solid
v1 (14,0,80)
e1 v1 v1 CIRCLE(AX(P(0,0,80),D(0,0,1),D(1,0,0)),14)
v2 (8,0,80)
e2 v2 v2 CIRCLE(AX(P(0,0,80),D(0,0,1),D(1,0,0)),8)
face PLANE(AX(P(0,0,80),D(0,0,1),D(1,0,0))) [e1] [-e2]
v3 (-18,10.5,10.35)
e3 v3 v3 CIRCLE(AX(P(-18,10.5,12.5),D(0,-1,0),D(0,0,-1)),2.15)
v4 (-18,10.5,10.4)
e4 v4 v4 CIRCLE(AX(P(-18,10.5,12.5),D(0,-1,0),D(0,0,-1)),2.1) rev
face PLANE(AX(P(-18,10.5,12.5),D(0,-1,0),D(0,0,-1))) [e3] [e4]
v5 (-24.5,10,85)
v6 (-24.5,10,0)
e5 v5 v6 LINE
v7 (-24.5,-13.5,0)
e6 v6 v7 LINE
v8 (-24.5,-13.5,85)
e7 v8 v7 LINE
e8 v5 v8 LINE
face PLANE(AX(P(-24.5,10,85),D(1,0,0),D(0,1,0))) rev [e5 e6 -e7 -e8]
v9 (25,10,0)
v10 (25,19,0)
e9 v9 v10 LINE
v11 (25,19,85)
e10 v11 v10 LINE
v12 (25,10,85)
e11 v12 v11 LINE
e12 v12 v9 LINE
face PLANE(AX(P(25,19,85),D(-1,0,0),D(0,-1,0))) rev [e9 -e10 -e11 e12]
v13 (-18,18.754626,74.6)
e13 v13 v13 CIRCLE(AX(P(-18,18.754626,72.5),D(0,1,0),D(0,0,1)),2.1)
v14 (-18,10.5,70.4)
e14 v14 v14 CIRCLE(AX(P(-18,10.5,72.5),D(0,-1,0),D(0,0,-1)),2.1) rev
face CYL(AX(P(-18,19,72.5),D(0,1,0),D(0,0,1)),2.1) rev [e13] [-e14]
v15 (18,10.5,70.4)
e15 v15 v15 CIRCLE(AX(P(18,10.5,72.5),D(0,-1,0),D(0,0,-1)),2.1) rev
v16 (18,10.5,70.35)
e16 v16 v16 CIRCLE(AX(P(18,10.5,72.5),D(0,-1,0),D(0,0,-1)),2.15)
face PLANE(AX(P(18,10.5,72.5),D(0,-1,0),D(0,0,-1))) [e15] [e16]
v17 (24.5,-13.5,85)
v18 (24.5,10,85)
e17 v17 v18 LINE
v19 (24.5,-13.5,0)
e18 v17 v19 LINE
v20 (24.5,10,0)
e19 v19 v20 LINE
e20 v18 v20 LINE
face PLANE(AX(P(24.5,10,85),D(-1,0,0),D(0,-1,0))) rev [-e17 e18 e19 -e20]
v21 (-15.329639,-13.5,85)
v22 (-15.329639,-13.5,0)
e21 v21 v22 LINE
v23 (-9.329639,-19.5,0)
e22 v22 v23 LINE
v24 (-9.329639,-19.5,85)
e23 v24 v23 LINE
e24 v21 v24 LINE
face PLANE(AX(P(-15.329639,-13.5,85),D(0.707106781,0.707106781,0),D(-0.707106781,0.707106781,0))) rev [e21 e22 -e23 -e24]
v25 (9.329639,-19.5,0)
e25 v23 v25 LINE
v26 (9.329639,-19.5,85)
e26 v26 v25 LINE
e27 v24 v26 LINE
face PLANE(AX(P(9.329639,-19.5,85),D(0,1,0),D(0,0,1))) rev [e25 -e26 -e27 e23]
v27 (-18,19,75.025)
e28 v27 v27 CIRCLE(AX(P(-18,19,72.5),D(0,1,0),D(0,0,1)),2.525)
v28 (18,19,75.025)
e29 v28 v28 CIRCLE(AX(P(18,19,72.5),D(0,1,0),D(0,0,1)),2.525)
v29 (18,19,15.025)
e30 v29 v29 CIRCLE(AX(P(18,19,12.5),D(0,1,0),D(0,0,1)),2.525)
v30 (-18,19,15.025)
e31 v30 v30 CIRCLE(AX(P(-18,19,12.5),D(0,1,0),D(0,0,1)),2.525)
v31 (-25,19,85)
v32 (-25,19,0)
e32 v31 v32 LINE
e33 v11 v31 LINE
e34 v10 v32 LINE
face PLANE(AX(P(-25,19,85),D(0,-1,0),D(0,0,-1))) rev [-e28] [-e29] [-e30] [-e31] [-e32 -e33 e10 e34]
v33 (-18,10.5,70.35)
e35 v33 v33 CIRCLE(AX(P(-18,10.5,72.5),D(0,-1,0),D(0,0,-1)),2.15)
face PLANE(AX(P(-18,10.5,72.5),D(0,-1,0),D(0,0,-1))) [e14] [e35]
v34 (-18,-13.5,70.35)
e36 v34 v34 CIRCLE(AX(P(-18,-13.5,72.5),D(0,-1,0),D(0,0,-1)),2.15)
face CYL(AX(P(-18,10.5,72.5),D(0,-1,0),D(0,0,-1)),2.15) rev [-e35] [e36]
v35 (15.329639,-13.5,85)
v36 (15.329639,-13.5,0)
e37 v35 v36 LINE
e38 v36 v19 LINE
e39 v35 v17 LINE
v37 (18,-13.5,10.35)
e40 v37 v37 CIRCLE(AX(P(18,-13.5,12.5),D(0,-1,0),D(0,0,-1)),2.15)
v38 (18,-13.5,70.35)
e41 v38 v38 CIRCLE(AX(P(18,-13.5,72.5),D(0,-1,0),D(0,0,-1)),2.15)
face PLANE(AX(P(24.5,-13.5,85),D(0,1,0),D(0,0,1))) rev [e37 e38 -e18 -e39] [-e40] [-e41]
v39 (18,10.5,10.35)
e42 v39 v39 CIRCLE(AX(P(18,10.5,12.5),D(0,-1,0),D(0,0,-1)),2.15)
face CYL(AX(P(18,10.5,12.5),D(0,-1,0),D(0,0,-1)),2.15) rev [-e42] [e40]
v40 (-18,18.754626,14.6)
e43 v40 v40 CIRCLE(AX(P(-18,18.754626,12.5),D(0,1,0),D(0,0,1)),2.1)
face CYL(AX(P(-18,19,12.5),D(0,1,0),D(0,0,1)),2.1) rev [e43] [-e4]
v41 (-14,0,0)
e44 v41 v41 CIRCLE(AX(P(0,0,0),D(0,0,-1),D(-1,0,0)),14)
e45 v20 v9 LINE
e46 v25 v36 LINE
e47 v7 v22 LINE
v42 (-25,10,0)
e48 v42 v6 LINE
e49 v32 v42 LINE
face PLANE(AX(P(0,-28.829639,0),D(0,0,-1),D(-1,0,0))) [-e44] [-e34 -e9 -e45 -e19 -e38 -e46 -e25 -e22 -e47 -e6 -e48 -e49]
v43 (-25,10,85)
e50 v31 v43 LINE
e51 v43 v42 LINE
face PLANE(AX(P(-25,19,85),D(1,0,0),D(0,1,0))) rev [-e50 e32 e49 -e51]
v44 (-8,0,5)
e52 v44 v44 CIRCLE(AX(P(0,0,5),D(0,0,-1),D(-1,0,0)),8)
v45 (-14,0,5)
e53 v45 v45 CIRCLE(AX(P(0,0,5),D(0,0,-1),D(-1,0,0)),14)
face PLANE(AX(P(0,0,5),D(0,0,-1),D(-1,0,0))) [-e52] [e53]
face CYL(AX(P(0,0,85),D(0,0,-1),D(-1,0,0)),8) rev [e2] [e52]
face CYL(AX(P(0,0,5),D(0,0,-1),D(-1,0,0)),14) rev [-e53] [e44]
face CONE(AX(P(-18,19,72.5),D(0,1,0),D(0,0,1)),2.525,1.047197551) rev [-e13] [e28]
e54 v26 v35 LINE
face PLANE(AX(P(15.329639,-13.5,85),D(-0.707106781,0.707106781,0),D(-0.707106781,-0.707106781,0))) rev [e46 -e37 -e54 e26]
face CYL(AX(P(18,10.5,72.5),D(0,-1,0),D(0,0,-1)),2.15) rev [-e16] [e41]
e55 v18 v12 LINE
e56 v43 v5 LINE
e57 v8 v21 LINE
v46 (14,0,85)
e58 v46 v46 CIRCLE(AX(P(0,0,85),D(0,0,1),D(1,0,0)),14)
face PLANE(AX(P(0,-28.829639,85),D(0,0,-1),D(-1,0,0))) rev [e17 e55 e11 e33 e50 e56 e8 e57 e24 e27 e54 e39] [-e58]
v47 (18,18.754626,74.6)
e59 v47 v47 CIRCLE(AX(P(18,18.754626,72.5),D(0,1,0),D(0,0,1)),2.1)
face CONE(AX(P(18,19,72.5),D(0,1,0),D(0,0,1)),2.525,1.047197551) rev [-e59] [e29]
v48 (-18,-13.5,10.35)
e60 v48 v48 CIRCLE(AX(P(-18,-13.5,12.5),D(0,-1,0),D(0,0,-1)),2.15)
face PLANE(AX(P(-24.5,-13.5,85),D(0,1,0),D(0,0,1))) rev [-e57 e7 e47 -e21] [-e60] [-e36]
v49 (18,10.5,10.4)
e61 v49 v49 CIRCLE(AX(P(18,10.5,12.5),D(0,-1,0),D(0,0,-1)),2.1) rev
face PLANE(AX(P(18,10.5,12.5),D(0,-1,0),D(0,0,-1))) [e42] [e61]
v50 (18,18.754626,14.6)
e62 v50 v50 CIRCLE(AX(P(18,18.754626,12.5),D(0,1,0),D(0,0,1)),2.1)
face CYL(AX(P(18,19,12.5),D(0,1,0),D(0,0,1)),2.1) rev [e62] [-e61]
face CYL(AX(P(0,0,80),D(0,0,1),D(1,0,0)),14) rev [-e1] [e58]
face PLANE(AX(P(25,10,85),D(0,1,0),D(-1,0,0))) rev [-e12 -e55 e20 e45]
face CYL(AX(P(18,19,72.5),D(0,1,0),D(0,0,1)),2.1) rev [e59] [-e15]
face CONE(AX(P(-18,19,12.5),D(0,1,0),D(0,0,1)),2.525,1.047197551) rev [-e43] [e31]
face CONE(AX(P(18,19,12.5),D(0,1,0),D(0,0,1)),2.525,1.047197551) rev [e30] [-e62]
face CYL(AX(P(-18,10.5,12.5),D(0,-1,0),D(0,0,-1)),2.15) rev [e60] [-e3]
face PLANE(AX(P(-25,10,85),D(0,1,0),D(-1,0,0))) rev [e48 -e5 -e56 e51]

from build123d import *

# Parameters (mm, degrees)
SKETCH_1_R                  = 8
EXTRUDE_1_DEPTH             = 85
SKETCH_2_R                  = 1
CUT_EXTRUDE_1_DEPTH         = 97.603571363
HOLE_WIZARD_M51_D           = 4.2
HOLE_WIZARD_M51_DEPTH       = 14
HOLE_WIZARD_M51_CSINK_D     = 5.05
HOLE_WIZARD_M51_CSINK_ANGLE = 120
HOLE_WIZARD_M51_TIP         = 1.2618073
SKETCH_6_R                  = 2.15
CUT_EXTRUDE_3_DEPTH         = 24
SKETCH_7_R                  = 14
CUT_EXTRUDE_4_DEPTH         = 5
CUT_EXTRUDE_START           = -5
SKETCH_8_R                  = 14
CUT_EXTRUDE_5_DEPTH         = 5


with BuildPart() as part:
    # Эскиз1 → Бобышка-Вытянуть1 (new body)
    with BuildSketch(Plane.XY):
        Polygon((-25, 19), (25, 19), (25, 10), (24.5, 10), (24.5, -13.5), (15.329639, -13.5), (9.329639, -19.5), (-9.329639, -19.5), (-15.329639, -13.5), (-24.5, -13.5), (-24.5, 10), (-25, 10), align=None)
        Circle(SKETCH_1_R, mode=Mode.SUBTRACT)
    extrude(amount=EXTRUDE_1_DEPTH)

    # Эскиз2 → Вырез-Вытянуть1 (cut, through all)
    with BuildSketch(Plane(origin=(0, 19, 0), x_dir=(1, 0, 0), z_dir=(0, 1, 0))):
        with Locations(Location((-18, -12.5, 0), (0, 0, 270))):
            Circle(SKETCH_2_R)
        with Locations(Location((-18, -72.5, 0), (0, 0, 270))):
            Circle(SKETCH_2_R)
        with Locations(Location((18, -72.5, 0), (0, 0, 270))):
            Circle(SKETCH_2_R)
        with Locations(Location((18, -12.5, 0), (0, 0, 270))):
            Circle(SKETCH_2_R)
    extrude(amount=-CUT_EXTRUDE_1_DEPTH, mode=Mode.SUBTRACT)

    # Отверстие обработанное метчиком M51
    with Locations(Plane(origin=(0, 19, 0), x_dir=(-1, 0, 0), z_dir=(0, 1, 0))):
        with Locations((-18, 12.5), (-18, 72.5), (18, 72.5), (18, 12.5)):
            CounterSinkHole(HOLE_WIZARD_M51_D / 2, HOLE_WIZARD_M51_CSINK_D / 2, depth=HOLE_WIZARD_M51_DEPTH, counter_sink_angle=HOLE_WIZARD_M51_CSINK_ANGLE)
            with Locations((0, 0, -(HOLE_WIZARD_M51_DEPTH + HOLE_WIZARD_M51_TIP / 2))):  # 118° drill point
                Cone(0, HOLE_WIZARD_M51_D / 2, HOLE_WIZARD_M51_TIP, mode=Mode.SUBTRACT)

    # Эскиз6 → Вырез-Вытянуть3 (cut)
    with BuildSketch(Plane.XZ.offset(13.5)):
        with Locations(Location((-18, 72.5, 0), (0, 0, 270))):
            Circle(SKETCH_6_R)
        with Locations(Location((18, 72.5, 0), (0, 0, 270))):
            Circle(SKETCH_6_R)
        with Locations(Location((18, 12.5, 0), (0, 0, 270))):
            Circle(SKETCH_6_R)
        with Locations(Location((-18, 12.5, 0), (0, 0, 270))):
            Circle(SKETCH_6_R)
    extrude(amount=-CUT_EXTRUDE_3_DEPTH, mode=Mode.SUBTRACT)

    # Эскиз7 → Вырез-Вытянуть4 (cut)
    with BuildSketch(Plane(origin=(0, 0, 0), x_dir=(-1, 0, 0), z_dir=(0, 0, -1))):
        Circle(SKETCH_7_R)
    extrude(amount=-CUT_EXTRUDE_4_DEPTH, mode=Mode.SUBTRACT)

    # Эскиз8 → Вырез-Вытянуть5 (cut)
    with BuildSketch(Plane.XY.offset(85).offset(CUT_EXTRUDE_START)):
        with Locations(Location((0, 0, 0), (0, 0, 180))):
            Circle(SKETCH_8_R)
    extrude(amount=CUT_EXTRUDE_5_DEPTH, mode=Mode.SUBTRACT)


solid = part.part
